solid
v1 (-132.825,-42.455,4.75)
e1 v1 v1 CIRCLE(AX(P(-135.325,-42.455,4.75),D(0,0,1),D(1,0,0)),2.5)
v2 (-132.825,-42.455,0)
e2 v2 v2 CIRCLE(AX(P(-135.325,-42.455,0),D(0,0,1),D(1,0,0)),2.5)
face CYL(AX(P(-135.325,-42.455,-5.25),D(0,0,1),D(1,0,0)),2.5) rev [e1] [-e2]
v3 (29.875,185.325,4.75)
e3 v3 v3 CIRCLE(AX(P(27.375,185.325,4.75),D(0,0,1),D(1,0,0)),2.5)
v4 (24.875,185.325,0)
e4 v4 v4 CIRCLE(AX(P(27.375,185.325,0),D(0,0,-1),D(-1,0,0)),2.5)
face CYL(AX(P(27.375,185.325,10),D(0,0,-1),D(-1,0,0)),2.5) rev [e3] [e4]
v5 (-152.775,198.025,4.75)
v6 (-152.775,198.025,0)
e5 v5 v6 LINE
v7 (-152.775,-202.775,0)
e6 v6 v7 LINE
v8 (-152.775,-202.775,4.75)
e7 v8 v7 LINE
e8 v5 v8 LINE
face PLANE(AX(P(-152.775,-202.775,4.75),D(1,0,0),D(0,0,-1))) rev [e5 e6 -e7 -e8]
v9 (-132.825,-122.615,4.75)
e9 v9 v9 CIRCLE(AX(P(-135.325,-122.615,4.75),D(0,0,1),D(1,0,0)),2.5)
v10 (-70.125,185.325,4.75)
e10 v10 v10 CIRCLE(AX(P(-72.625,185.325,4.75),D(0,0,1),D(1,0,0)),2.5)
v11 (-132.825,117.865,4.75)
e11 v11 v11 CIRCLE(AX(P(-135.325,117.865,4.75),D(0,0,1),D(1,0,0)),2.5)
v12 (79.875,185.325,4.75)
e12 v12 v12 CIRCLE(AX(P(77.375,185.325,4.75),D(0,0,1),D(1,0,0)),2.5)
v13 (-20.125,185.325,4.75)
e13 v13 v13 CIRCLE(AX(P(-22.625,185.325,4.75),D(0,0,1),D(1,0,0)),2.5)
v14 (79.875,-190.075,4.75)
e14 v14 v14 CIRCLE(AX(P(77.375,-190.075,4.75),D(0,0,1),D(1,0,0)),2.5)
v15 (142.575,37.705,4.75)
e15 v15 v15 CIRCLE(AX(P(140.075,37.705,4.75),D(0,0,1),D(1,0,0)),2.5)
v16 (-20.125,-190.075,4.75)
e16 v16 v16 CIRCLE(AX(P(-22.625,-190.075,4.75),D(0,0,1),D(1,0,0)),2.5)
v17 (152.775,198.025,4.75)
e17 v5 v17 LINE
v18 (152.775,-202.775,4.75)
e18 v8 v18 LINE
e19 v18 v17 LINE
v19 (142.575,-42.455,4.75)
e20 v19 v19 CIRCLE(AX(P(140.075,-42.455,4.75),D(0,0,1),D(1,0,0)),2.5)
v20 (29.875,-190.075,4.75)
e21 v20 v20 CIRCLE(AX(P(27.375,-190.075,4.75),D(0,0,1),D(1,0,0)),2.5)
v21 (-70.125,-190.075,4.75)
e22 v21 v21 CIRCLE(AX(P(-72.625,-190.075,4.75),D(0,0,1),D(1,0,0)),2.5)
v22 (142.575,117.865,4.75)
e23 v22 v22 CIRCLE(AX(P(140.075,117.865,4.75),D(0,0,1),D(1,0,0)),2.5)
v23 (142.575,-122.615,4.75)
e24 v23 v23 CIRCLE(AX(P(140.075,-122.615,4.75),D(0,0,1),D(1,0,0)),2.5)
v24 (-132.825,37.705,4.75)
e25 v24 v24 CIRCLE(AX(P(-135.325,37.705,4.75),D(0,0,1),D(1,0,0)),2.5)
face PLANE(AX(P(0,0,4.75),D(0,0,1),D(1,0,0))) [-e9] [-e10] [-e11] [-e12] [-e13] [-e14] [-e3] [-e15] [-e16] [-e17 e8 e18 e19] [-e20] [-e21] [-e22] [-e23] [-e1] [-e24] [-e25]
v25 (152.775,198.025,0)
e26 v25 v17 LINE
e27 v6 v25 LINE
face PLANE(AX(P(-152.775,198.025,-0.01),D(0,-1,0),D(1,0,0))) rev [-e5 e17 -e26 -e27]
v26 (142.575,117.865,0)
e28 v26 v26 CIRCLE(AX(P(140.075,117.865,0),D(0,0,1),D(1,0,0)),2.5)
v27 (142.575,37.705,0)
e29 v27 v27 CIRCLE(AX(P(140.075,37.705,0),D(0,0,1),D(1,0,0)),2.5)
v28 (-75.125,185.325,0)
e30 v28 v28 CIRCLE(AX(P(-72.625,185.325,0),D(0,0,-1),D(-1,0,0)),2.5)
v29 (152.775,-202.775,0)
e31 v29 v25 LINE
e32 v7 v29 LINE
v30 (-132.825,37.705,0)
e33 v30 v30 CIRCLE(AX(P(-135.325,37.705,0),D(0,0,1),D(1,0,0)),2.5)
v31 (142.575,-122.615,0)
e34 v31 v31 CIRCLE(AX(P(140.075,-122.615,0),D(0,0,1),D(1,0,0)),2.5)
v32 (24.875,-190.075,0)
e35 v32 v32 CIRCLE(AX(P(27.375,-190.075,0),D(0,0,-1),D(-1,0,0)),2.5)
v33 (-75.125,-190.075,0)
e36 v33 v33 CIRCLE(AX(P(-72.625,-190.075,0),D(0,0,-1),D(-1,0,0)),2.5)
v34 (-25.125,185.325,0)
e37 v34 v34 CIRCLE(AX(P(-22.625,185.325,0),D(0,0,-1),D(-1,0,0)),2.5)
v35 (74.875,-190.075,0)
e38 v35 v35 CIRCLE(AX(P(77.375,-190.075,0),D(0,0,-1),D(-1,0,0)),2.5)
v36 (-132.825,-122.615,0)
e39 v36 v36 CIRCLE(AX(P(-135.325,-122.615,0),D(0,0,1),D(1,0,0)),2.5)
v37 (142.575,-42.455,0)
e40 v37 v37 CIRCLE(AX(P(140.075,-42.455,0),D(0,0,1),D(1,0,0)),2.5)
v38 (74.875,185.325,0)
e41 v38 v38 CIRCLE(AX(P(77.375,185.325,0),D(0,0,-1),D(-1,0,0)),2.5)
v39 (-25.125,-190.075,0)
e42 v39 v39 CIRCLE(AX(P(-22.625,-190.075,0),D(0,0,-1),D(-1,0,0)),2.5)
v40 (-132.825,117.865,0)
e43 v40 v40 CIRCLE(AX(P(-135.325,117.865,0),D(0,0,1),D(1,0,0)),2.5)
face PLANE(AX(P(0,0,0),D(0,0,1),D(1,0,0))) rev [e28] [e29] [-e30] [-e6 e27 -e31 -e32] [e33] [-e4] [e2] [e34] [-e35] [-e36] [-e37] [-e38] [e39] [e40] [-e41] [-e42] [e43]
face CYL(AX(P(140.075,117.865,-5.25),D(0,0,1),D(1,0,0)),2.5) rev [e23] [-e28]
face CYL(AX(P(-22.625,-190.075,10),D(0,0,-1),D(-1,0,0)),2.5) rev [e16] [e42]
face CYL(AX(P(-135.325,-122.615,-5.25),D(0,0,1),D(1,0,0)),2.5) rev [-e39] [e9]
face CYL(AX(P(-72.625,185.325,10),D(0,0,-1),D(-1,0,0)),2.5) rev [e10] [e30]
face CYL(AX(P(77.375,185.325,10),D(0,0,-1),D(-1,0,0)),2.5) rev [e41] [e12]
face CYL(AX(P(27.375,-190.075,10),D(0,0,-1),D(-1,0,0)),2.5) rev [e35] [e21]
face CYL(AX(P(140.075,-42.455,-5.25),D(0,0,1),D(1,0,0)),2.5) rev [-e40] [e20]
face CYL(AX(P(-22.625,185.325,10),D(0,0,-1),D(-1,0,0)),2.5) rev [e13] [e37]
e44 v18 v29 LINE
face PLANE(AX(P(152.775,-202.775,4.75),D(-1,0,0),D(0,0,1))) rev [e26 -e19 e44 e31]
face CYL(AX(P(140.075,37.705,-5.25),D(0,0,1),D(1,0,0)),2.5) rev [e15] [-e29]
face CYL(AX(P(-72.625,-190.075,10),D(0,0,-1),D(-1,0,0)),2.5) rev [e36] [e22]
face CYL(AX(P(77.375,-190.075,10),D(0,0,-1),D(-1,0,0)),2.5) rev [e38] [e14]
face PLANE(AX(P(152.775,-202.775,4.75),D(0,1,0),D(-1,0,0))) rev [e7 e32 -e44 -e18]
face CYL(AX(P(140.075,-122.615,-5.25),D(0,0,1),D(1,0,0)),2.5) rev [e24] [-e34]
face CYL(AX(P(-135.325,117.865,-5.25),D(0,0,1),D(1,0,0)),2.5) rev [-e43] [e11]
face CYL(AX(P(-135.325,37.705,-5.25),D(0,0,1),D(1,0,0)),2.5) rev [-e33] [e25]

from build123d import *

# Parameters (mm, degrees)
SKETCH_1_W                     = 305.55
SKETCH_1_H                     = 405.55
EXTRUDE_1_DEPTH                = 4.75
SKETCH_3_R                     = 2.5
CUT_EXTRUDE_1_DEPTH            = 10
SKETCH_5_R                     = 2.5
CUT_EXTRUDE_3_DEPTH            = 10
SKETCH_6_R                     = 2.5
CUT_EXTRUDE_4_DEPTH            = 10
SKETCH_7_R                     = 2.5
CUT_EXTRUDE_5_DEPTH            = 10
SPLIT_BODIES_1_SURFACE_1_BACK  = 508.793
SPLIT_BODIES_1_SURFACE_1_DEPTH = 1017.586


with BuildPart() as part:
    # 草圖1 → 填料-伸長1 (new body)
    with BuildSketch(Plane.XY):
        Rectangle(SKETCH_1_W, SKETCH_1_H)
    extrude(amount=EXTRUDE_1_DEPTH)

    # 草圖3 → 除料-伸長1 (cut)
    with BuildSketch(Plane.XY.offset(4.75)):
        with Locations((140.075, 37.705)):
            Circle(SKETCH_3_R)
        with Locations((140.075, 117.865)):
            Circle(SKETCH_3_R)
        with Locations((140.075, -42.455)):
            Circle(SKETCH_3_R)
        with Locations((140.075, -122.615)):
            Circle(SKETCH_3_R)
    extrude(amount=-CUT_EXTRUDE_1_DEPTH, mode=Mode.SUBTRACT)

    # 草圖5 → 除料-伸長3 (cut)
    with BuildSketch(Plane.XY.offset(4.75)):
        with Locations((-135.325, -122.615)):
            Circle(SKETCH_5_R)
        with Locations((-135.325, -42.455)):
            Circle(SKETCH_5_R)
        with Locations((-135.325, 37.705)):
            Circle(SKETCH_5_R)
        with Locations((-135.325, 117.865)):
            Circle(SKETCH_5_R)
    extrude(amount=-CUT_EXTRUDE_3_DEPTH, mode=Mode.SUBTRACT)

    # 草圖6 → 除料-伸長4 (cut)
    with BuildSketch(Plane(origin=(0, 0, 0), x_dir=(-1, 0, 0), z_dir=(0, 0, -1))):
        with Locations((22.625, 185.325)):
            Circle(SKETCH_6_R)
        with Locations((72.625, 185.325)):
            Circle(SKETCH_6_R)
        with Locations((-77.375, 185.325)):
            Circle(SKETCH_6_R)
        with Locations((-27.375, 185.325)):
            Circle(SKETCH_6_R)
    extrude(amount=-CUT_EXTRUDE_4_DEPTH, mode=Mode.SUBTRACT)

    # 草圖7 → 除料-伸長5 (cut)
    with BuildSketch(Plane(origin=(0, 0, 0), x_dir=(-1, 0, 0), z_dir=(0, 0, -1))):
        with Locations((-77.375, -190.075)):
            Circle(SKETCH_7_R)
        with Locations((-27.375, -190.075)):
            Circle(SKETCH_7_R)
        with Locations((22.625, -190.075)):
            Circle(SKETCH_7_R)
        with Locations((72.625, -190.075)):
            Circle(SKETCH_7_R)
    extrude(amount=-CUT_EXTRUDE_5_DEPTH, mode=Mode.SUBTRACT)

    # Split Bodies 1: cut with a surface, the side it looks to stays
    # Split Bodies 1 surface: a surface, the sketch's curves swept straight by 1017.586 mm
    with BuildLine(Plane.XY.offset(4.75).offset(-SPLIT_BODIES_1_SURFACE_1_BACK), mode=Mode.PRIVATE) as split_bodies_1_surface_1_path:
        Line((-152.775, 202.775), (152.775, 202.775))
        Line((152.775, 202.775), (152.775, 198.025))
        Line((152.775, 198.025), (-152.775, 198.025))
        Line((-152.775, 198.025), (-152.775, 202.775))
    split_bodies_1_surface_1 = Shell.extrude(split_bodies_1_surface_1_path.wire(), (0 * SPLIT_BODIES_1_SURFACE_1_DEPTH, 0 * SPLIT_BODIES_1_SURFACE_1_DEPTH, 1 * SPLIT_BODIES_1_SURFACE_1_DEPTH))
    split(bisect_by=split_bodies_1_surface_1, keep=Keep.TOP)


solid = part.part
